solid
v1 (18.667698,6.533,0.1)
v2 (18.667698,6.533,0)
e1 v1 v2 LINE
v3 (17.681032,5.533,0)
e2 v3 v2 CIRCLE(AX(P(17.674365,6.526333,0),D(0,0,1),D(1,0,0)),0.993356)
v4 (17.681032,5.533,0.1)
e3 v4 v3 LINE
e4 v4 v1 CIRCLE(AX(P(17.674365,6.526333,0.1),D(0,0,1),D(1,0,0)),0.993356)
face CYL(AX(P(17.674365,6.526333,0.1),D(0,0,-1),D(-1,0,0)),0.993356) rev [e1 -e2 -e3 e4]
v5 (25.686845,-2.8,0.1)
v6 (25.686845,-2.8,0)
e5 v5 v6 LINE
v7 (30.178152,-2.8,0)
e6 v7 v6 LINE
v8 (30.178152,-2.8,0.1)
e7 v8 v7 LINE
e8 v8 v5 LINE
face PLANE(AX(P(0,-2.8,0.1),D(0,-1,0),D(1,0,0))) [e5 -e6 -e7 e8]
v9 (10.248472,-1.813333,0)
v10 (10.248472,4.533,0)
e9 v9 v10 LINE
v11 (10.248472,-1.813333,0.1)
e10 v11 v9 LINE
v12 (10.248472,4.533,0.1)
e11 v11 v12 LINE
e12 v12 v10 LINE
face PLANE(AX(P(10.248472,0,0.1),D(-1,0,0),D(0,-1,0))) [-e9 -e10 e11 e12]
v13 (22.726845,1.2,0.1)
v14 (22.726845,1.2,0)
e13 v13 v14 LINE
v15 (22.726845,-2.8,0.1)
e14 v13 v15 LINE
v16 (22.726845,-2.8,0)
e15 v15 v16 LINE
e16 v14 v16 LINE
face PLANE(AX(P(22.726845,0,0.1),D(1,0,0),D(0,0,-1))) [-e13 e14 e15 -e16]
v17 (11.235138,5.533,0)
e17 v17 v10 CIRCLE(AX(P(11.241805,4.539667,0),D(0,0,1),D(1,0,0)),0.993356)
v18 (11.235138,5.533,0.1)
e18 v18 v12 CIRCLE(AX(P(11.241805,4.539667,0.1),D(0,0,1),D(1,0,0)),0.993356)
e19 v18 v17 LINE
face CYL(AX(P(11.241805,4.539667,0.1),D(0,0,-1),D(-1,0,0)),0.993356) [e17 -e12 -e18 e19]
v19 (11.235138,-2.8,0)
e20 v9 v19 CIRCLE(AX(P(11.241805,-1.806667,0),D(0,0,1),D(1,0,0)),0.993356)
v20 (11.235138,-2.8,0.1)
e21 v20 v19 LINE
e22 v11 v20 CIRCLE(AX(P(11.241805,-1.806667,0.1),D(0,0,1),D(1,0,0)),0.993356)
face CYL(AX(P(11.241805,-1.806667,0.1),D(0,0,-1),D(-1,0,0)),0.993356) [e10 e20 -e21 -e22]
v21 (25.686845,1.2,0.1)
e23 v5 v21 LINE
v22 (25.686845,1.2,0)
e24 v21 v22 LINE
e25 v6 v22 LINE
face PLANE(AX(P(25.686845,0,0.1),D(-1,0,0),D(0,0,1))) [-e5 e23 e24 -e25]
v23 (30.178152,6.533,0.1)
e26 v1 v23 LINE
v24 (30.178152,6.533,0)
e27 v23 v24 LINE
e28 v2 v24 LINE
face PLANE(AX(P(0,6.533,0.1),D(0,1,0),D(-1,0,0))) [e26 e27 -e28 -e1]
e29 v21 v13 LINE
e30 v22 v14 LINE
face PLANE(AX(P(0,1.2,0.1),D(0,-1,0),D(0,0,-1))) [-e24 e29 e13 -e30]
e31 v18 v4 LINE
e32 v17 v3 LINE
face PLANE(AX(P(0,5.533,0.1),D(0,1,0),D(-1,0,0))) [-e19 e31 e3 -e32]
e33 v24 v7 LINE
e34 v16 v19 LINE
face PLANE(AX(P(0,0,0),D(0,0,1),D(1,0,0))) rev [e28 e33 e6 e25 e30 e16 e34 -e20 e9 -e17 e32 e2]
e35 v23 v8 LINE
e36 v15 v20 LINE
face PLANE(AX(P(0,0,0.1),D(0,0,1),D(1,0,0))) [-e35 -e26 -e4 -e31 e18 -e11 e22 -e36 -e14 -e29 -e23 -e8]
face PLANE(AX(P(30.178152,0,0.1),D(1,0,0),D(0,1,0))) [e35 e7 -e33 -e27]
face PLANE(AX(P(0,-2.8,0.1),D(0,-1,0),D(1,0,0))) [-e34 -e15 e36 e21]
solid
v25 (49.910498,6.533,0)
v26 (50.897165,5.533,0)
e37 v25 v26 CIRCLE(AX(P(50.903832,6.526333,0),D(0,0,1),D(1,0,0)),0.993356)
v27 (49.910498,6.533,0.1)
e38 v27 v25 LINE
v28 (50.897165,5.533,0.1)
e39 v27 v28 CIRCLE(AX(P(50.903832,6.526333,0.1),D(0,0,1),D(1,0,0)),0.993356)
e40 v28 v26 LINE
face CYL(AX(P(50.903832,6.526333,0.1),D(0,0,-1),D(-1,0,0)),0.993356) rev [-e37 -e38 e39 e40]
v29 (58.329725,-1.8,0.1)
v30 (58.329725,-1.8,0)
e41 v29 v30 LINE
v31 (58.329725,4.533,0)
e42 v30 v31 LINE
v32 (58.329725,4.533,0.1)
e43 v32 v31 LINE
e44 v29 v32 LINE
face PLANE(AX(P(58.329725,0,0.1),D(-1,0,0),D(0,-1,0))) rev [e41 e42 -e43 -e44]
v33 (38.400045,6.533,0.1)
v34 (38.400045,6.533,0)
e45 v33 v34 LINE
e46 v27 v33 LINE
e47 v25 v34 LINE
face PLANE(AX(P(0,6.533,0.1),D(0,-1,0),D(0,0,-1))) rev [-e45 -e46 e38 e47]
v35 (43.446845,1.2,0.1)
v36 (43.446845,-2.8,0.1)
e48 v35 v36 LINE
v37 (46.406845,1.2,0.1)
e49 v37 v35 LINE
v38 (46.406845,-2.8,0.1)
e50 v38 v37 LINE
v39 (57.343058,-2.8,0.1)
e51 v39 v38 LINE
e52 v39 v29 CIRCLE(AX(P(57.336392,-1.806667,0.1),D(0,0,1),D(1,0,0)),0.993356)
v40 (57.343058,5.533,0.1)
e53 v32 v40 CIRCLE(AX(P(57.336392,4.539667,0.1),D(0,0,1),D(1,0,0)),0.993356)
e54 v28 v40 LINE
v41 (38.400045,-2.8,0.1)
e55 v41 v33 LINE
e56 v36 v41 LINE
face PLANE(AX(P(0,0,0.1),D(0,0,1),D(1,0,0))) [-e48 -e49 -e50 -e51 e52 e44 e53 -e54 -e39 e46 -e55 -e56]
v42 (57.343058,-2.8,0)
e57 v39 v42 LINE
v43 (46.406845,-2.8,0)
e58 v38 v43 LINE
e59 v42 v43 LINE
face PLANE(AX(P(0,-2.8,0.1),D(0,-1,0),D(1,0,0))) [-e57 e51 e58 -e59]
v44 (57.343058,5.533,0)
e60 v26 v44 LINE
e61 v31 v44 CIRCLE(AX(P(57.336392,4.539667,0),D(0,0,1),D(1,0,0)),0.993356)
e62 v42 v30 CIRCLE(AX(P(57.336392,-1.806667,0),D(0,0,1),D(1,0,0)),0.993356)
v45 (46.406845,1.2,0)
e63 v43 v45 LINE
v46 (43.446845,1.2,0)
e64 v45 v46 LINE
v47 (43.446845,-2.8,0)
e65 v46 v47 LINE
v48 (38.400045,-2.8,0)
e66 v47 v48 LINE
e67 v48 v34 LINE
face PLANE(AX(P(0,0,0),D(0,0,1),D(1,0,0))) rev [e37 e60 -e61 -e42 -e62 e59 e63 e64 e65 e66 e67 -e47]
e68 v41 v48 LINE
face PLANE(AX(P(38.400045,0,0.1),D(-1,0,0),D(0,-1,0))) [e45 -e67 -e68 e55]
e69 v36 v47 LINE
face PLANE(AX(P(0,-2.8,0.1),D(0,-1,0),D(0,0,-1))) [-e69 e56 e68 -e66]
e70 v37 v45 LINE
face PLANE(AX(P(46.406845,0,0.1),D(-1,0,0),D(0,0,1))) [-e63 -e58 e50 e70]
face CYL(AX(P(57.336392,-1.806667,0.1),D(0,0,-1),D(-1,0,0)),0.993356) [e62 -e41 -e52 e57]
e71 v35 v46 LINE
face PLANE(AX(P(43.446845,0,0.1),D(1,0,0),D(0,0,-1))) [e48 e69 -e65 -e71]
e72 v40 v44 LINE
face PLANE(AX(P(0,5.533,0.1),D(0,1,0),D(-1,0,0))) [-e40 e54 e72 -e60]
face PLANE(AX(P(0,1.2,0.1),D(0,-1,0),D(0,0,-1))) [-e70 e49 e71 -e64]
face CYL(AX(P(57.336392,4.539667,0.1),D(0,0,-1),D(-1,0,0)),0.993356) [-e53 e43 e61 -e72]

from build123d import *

# Parameters (mm, degrees)
SALIENTE_EXTRUIR1_DEPTH   = 0.1
SALIENTE_EXTRUIR1_2_DEPTH = 0.1


with BuildPart() as part:
    # Model → Saliente-Extruir1 (new body)
    with BuildSketch(Plane.XY):
        with BuildLine():
            Line((11.235138299, -2.8), (22.726845388, -2.8))
            Line((22.726845388, -2.8), (22.726845388, 1.2))
            Line((22.726845388, 1.2), (25.686845388, 1.2))
            Line((25.686845388, 1.2), (25.686845388, -2.8))
            Line((25.686845388, -2.8), (30.178151632, -2.8))
            Line((30.178151632, -2.8), (30.178151632, 6.533))
            Line((30.178151632, 6.533), (18.667698299, 6.533))
            ThreePointArc((18.667698299, 6.533), (18.381471747, 5.828654643), (17.681031632, 5.533))
            Line((17.681031632, 5.533), (11.235138299, 5.533))
            ThreePointArc((11.235138299, 5.533), (10.534698184, 5.237345357), (10.248471632, 4.533))
            Line((10.248471632, 4.533), (10.248471632, -1.8))
            Line((10.248471632, -1.8), (10.248471632, -1.813333333))
            ThreePointArc((10.248471632, -1.813333333), (10.539396411, -2.509075221), (11.235138299, -2.8))
        make_face()
    extrude(amount=SALIENTE_EXTRUIR1_DEPTH)


with BuildPart() as body_2:
    # Model → Saliente-Extruir1 2 (new body)
    with BuildSketch(Plane.XY):
        with BuildLine():
            Line((57.343058299, -2.8), (46.406845388, -2.8))
            Line((46.406845388, -2.8), (46.406845388, 1.2))
            Line((46.406845388, 1.2), (43.446845388, 1.2))
            Line((43.446845388, 1.2), (43.446845388, -2.8))
            Line((43.446845388, -2.8), (38.400044966, -2.8))
            Line((38.400044966, -2.8), (38.400044966, 6.533))
            Line((38.400044966, 6.533), (49.910498299, 6.533))
            ThreePointArc((49.910498299, 6.533), (50.196724851, 5.828654643), (50.897164966, 5.533))
            Line((50.897164966, 5.533), (57.343058299, 5.533))
            ThreePointArc((57.343058299, 5.533), (58.043498413, 5.237345357), (58.329724966, 4.533))
            Line((58.329724966, 4.533), (58.329724966, -1.8))
            ThreePointArc((58.329724966, -1.8), (58.043498413, -2.504345357), (57.343058299, -2.8))
        make_face()
    extrude(amount=SALIENTE_EXTRUIR1_2_DEPTH)


solid = Compound([part.part, body_2.part])
